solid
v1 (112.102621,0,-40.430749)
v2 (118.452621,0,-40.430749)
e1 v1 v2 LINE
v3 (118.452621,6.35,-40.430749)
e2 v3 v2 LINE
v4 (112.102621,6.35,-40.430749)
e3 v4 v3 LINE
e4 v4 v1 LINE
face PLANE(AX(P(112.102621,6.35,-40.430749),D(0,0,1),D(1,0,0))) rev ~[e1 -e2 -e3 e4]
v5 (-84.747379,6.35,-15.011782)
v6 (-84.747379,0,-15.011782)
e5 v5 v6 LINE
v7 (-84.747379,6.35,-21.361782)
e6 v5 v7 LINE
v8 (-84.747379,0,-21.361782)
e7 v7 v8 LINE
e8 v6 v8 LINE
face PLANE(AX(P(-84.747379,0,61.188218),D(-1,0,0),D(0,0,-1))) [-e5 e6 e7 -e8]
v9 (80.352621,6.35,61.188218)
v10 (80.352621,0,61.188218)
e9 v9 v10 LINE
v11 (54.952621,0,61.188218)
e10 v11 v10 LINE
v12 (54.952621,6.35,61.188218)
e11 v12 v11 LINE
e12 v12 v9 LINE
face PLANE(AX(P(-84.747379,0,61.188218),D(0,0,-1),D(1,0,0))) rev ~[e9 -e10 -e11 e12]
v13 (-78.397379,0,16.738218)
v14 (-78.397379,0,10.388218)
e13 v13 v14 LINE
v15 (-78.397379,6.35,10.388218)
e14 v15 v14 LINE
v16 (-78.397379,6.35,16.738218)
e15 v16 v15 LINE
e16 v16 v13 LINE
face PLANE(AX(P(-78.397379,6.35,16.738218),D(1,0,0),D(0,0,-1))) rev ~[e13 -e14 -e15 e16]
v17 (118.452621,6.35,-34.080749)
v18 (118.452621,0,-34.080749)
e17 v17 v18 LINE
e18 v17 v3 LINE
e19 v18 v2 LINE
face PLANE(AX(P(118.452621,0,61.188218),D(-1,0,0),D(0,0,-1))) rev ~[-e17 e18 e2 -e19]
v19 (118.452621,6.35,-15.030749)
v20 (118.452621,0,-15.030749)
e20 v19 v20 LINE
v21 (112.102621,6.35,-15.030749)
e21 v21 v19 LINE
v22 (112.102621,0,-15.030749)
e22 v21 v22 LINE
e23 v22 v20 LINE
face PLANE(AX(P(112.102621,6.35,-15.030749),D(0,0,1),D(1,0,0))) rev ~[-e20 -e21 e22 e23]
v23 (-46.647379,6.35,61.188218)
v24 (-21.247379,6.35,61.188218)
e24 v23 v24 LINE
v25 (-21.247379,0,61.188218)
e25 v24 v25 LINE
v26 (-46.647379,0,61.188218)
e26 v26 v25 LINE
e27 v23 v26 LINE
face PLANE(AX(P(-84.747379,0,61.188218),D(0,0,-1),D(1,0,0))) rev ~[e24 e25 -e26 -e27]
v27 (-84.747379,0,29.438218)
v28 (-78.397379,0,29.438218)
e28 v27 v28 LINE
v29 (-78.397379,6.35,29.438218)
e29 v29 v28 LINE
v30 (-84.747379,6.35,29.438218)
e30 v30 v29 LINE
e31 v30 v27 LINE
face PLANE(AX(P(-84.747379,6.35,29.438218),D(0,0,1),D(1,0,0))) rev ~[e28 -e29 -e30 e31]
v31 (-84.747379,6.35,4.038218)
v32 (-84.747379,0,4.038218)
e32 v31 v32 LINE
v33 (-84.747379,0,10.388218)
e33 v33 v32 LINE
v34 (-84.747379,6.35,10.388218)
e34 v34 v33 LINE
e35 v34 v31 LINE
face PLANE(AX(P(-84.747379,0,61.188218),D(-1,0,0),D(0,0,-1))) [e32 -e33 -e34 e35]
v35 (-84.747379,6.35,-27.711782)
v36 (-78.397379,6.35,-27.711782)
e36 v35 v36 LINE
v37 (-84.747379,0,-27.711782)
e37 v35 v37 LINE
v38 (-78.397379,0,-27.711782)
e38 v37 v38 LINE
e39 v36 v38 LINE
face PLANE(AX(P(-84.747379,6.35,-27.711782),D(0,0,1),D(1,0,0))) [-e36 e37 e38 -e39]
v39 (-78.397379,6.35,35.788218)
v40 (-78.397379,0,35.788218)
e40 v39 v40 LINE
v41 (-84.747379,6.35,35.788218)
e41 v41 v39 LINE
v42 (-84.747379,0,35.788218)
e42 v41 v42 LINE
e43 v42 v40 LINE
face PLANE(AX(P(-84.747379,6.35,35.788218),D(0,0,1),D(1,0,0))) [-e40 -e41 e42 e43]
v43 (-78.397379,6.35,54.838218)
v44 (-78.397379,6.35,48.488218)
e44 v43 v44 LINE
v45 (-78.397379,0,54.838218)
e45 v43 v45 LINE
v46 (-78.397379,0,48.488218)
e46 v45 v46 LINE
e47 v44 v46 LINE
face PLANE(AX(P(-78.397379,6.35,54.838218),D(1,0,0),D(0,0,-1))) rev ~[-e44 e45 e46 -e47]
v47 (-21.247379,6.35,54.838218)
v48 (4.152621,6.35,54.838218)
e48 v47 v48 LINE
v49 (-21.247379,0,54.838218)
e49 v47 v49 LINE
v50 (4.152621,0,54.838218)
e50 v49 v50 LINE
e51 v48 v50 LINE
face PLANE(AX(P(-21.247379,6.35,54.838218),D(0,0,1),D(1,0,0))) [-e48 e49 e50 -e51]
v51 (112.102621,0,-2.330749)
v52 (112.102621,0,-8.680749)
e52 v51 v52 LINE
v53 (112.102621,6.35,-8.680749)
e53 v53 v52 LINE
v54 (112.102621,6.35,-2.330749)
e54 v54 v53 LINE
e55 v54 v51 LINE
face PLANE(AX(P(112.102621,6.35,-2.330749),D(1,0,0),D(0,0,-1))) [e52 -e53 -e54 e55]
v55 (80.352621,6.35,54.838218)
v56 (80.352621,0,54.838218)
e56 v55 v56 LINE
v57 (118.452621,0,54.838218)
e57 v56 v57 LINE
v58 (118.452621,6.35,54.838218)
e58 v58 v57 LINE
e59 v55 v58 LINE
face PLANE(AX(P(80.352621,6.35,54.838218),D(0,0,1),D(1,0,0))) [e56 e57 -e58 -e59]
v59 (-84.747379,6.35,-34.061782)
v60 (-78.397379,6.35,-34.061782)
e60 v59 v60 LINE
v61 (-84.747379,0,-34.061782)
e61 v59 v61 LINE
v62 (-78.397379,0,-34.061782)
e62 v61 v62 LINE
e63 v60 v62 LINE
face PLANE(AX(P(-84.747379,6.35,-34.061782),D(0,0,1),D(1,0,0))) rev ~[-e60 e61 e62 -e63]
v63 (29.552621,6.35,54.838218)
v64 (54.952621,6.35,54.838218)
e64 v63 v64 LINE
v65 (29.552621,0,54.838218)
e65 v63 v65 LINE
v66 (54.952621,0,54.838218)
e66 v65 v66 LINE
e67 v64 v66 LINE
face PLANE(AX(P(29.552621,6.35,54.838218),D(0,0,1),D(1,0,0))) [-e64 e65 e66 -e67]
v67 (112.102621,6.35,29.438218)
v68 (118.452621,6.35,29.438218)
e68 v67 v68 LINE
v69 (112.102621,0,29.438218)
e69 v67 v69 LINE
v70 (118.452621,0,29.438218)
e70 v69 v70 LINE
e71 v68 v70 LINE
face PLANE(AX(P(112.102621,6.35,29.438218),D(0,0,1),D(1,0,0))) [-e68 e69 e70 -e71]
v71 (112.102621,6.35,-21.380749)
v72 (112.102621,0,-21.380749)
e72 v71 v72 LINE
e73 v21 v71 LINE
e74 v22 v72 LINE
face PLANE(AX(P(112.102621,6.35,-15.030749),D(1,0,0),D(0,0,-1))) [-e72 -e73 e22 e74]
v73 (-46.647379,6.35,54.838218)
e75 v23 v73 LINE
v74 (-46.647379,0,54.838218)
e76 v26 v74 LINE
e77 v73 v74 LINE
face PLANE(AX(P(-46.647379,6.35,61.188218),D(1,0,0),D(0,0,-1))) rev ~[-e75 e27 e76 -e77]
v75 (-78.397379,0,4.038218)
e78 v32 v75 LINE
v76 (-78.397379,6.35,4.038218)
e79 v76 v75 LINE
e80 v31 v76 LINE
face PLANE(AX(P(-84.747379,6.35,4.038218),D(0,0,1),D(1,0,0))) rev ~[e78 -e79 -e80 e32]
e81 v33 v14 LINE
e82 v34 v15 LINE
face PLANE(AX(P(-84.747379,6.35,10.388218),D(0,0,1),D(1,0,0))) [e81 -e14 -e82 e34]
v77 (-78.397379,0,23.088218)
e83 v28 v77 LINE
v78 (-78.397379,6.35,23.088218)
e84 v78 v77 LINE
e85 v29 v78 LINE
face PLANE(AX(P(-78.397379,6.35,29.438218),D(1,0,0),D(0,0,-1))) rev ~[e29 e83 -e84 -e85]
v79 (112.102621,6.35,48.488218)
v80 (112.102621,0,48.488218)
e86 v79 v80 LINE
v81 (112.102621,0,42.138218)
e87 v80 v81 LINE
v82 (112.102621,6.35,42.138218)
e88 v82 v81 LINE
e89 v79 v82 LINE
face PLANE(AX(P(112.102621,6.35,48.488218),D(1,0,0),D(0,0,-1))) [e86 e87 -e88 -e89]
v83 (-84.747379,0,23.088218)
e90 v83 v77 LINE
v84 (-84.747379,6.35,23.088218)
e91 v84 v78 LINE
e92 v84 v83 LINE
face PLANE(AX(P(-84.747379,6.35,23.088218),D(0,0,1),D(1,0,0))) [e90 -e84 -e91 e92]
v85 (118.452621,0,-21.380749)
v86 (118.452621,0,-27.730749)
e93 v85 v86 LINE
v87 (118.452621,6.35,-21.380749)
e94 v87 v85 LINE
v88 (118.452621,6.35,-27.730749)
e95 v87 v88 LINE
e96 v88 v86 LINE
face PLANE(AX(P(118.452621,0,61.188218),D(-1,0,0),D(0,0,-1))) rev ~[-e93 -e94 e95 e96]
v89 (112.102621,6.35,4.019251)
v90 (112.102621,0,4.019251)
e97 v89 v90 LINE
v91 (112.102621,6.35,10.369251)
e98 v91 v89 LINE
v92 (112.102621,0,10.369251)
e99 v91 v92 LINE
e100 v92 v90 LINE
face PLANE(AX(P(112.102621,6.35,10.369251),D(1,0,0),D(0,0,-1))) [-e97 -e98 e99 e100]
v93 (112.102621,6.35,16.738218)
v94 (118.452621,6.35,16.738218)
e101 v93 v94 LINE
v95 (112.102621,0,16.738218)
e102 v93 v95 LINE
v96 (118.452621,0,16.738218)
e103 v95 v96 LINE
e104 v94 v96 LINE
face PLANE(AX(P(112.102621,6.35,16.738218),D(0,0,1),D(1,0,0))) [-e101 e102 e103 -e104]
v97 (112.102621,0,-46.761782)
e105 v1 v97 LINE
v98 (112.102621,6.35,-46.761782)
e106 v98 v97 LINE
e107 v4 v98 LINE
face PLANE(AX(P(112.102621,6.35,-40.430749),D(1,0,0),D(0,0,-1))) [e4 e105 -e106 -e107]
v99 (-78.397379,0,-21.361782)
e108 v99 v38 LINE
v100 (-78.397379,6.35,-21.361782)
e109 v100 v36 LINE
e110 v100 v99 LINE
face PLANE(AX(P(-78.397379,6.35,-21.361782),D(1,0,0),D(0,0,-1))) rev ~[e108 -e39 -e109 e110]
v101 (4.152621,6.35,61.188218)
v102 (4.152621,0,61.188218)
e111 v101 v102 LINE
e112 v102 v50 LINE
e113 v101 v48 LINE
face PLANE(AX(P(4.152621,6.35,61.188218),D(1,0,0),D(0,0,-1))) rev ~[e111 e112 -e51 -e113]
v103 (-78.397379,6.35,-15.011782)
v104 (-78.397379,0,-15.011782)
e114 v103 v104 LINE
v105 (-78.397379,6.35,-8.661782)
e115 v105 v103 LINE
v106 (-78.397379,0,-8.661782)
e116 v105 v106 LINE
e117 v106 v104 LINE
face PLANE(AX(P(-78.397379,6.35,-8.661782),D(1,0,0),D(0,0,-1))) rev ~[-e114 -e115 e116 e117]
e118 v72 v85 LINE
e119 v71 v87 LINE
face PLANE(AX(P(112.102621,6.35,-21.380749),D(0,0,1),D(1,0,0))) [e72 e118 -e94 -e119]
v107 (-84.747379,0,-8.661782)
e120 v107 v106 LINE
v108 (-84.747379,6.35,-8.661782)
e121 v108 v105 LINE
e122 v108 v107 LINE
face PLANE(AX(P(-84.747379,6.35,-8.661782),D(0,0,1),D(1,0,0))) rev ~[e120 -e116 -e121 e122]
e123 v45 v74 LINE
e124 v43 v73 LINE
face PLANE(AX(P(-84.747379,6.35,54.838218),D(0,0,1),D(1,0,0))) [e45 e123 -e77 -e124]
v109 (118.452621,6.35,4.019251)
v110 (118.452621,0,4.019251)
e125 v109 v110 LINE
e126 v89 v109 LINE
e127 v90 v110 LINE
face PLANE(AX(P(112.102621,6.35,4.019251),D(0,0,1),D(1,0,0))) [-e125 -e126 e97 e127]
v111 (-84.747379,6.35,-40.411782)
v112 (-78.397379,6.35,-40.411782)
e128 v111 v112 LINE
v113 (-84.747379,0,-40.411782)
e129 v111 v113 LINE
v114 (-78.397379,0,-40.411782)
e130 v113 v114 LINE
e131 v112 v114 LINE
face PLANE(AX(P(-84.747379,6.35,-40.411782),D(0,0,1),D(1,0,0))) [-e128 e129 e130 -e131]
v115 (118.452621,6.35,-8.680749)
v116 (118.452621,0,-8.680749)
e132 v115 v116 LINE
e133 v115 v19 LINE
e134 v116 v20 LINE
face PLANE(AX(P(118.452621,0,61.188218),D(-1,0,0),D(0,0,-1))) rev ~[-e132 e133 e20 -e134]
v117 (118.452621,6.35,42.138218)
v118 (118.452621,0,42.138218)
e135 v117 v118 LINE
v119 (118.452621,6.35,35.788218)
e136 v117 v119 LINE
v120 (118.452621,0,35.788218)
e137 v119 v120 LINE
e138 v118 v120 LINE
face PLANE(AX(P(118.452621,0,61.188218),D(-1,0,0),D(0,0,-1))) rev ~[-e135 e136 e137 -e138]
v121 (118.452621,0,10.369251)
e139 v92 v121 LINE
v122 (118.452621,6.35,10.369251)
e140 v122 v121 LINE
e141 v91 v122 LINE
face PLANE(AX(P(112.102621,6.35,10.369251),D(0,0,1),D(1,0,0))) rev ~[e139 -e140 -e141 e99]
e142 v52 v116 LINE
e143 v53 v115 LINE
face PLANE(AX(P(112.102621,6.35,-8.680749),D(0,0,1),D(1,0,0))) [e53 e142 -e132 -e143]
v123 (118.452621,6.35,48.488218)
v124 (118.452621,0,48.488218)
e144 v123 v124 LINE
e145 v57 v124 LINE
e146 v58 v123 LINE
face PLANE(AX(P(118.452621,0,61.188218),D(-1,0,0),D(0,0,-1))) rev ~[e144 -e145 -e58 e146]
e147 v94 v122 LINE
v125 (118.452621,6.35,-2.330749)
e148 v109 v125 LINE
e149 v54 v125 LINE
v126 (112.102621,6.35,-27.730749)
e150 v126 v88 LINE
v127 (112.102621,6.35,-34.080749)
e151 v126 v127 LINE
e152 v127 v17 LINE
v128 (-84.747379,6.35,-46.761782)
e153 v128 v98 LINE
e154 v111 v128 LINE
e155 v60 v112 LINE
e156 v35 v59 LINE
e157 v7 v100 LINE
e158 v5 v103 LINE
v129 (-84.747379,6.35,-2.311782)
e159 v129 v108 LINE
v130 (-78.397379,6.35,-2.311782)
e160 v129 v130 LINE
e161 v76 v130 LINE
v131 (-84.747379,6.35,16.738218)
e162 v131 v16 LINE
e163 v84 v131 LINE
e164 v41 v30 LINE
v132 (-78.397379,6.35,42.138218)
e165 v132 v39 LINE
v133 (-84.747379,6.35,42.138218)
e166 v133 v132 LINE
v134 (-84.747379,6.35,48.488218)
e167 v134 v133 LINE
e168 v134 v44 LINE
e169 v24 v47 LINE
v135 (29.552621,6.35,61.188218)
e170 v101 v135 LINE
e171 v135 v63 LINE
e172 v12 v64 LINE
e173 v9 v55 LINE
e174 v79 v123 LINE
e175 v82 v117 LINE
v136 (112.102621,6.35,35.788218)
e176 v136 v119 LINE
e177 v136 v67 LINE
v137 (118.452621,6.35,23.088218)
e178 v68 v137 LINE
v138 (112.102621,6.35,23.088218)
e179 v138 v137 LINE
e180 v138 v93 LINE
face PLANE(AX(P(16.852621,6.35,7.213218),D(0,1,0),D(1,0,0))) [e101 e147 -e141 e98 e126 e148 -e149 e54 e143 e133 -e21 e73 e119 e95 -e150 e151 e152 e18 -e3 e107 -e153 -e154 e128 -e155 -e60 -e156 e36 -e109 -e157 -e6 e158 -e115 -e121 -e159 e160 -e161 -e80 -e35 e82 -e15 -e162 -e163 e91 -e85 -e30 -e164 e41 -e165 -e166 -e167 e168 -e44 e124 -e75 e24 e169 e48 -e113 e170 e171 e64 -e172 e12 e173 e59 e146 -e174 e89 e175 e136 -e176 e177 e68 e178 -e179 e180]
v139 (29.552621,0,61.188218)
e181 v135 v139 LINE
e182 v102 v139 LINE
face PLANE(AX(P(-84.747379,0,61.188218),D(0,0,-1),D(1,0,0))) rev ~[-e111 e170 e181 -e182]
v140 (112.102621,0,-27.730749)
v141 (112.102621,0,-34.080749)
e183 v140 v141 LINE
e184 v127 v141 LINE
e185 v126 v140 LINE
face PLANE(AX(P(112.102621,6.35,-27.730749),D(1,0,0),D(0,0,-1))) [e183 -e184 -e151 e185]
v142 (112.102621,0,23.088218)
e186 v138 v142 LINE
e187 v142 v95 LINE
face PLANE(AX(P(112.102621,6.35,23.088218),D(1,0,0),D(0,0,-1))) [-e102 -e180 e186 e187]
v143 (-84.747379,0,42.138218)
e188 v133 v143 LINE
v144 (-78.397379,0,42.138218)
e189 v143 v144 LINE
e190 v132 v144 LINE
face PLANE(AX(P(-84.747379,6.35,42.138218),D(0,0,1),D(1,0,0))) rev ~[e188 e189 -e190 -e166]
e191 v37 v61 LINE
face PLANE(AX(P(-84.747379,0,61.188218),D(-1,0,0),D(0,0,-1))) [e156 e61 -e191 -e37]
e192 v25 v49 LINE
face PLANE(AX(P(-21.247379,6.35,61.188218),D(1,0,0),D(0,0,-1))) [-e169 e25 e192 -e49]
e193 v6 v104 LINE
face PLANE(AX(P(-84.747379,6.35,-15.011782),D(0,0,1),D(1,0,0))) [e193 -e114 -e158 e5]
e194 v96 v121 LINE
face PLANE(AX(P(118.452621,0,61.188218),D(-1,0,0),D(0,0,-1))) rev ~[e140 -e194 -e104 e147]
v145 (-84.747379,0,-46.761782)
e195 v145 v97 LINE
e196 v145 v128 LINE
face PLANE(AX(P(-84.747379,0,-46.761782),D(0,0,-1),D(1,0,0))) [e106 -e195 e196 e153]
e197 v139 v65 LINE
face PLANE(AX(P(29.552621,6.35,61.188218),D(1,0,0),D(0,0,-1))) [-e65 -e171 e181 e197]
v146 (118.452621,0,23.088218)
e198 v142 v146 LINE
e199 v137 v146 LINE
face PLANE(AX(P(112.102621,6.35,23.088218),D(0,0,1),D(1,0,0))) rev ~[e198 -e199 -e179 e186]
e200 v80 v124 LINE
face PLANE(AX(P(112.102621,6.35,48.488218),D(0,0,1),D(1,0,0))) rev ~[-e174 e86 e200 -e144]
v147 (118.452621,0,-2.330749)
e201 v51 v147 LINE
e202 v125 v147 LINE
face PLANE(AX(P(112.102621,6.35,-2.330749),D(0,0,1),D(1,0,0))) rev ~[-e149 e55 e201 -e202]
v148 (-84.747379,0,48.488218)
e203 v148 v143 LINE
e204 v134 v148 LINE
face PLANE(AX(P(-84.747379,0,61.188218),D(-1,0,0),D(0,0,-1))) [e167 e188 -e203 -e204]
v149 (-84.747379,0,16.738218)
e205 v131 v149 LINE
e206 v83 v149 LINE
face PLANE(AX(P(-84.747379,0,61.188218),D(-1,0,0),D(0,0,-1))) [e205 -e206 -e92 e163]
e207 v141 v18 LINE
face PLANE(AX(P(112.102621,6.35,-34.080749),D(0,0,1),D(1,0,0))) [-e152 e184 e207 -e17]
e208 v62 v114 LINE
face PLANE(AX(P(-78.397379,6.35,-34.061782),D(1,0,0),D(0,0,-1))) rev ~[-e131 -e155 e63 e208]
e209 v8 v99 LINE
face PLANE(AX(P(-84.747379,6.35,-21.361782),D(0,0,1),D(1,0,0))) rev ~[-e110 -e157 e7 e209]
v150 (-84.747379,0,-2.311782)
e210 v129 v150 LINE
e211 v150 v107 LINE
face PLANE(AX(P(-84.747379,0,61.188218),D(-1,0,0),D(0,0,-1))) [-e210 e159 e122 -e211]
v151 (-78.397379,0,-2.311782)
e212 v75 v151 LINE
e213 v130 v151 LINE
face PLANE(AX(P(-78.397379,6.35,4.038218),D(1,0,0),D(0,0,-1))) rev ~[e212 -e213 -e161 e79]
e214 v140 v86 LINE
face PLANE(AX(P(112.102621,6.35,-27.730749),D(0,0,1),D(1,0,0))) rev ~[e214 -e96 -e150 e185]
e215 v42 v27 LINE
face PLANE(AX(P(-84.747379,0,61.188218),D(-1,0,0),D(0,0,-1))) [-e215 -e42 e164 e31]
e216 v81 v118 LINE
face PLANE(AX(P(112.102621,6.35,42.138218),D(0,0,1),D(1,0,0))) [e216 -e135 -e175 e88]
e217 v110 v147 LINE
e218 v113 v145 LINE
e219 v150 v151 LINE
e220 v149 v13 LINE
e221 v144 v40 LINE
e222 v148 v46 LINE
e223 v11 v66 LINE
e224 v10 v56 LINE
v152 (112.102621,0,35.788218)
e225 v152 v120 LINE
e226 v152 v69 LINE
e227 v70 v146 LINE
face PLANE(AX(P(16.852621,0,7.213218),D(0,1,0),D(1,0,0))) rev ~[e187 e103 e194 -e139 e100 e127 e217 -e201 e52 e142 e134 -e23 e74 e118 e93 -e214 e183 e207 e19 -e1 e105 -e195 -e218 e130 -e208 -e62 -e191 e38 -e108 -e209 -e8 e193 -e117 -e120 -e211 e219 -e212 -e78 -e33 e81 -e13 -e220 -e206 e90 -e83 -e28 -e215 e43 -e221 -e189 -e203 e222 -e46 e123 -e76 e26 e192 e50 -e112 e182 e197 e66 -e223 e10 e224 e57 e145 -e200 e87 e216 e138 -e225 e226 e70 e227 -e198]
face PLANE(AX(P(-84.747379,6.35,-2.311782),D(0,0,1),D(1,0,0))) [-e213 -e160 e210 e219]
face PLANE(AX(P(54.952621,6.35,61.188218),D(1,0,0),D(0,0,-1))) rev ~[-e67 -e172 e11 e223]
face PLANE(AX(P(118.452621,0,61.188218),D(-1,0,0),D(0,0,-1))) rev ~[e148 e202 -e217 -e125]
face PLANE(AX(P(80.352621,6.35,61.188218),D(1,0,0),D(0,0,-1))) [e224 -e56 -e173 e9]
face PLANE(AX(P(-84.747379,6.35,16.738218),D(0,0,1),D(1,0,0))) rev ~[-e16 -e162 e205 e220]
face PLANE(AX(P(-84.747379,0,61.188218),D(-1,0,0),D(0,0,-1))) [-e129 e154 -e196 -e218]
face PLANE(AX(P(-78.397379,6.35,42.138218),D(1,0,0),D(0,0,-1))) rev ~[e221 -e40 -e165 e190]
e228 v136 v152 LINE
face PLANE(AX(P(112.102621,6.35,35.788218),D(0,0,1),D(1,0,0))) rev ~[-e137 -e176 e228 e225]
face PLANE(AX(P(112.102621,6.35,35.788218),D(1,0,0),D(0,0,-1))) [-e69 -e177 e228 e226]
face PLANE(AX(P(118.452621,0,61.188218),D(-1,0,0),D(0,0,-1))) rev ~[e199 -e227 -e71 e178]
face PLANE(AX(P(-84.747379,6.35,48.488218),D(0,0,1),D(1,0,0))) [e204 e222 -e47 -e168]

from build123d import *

# Parameters (mm, degrees)
SKETCH1_W           = 203.2
SKETCH1_H           = 107.95
BOSS_EXTRUDE1_DEPTH = 6.35
SKETCH2_W           = 38.1
SKETCH2_H           = 6.35
SKETCH2_W_2         = 25.4
CUT_EXTRUDE1_DEPTH  = 7.35
SKETCH3_W           = 6.35
SKETCH3_H           = 6.35
CUT_EXTRUDE2_DEPTH  = 7.35


with BuildPart() as part:
    # Sketch1 → Boss-Extrude1 (new body)
    with BuildSketch(Plane(origin=(0, 0, 0), x_dir=(1, 0, 0), z_dir=(0, 1, 0))):
        with Locations((16.852621149, -7.21321811)):
            Rectangle(SKETCH1_W, SKETCH1_H)
    extrude(amount=BOSS_EXTRUDE1_DEPTH)

    # Sketch2 → Cut-Extrude1 (cut, through all)
    with BuildSketch(Plane(origin=(0, 6.35, 0), x_dir=(1, 0, 0), z_dir=(0, 1, 0))):
        with Locations((99.402621149, -58.01321811)):
            Rectangle(SKETCH2_W, SKETCH2_H)
        with Locations((42.252621149, -58.01321811)):
            Rectangle(SKETCH2_W_2, SKETCH2_H)
        with Locations((-8.547378851, -58.01321811)):
            Rectangle(SKETCH2_W_2, SKETCH2_H)
        with Locations((-65.697378851, -58.01321811)):
            Rectangle(SKETCH2_W, SKETCH2_H)
    extrude(amount=-CUT_EXTRUDE1_DEPTH, mode=Mode.SUBTRACT)

    # Sketch3 → Cut-Extrude2 (cut, through all)
    with BuildSketch(Plane(origin=(0, 6.35, 0), x_dir=(1, 0, 0), z_dir=(0, 1, 0))):
        with Locations((115.277621149, -45.31321811)):
            Rectangle(SKETCH3_W, SKETCH3_H)
        with Locations((115.277621149, -32.61321811)):
            Rectangle(SKETCH3_W, SKETCH3_H)
        with Locations((115.277621149, -19.91321811)):
            Rectangle(SKETCH3_W, SKETCH3_H)
        with Locations((115.277621149, -7.194250827)):
            Rectangle(SKETCH3_W, SKETCH3_H)
        with Locations((115.277621149, 5.505749173)):
            Rectangle(SKETCH3_W, SKETCH3_H)
        with Locations((115.277621149, 18.205749173)):
            Rectangle(SKETCH3_W, SKETCH3_H)
        with Locations((115.277621149, 30.905749173)):
            Rectangle(SKETCH3_W, SKETCH3_H)
        with Locations((115.277621149, 43.605749173)):
            Rectangle(SKETCH3_W, SKETCH3_H)
        with Locations((-81.572378851, -51.66321811)):
            Rectangle(SKETCH3_W, SKETCH3_H)
        with Locations((-81.572378851, -38.96321811)):
            Rectangle(SKETCH3_W, SKETCH3_H)
        with Locations((-81.572378851, -26.26321811)):
            Rectangle(SKETCH3_W, SKETCH3_H)
        with Locations((-81.572378851, -13.56321811)):
            Rectangle(SKETCH3_W, SKETCH3_H)
        with Locations((-81.572378851, -0.86321811)):
            Rectangle(SKETCH3_W, SKETCH3_H)
        with Locations((-81.572378851, 11.83678189)):
            Rectangle(SKETCH3_W, SKETCH3_H)
        with Locations((-81.572378851, 24.53678189)):
            Rectangle(SKETCH3_W, SKETCH3_H)
        with Locations((-81.572378851, 37.23678189)):
            Rectangle(SKETCH3_W, SKETCH3_H)
    extrude(amount=-CUT_EXTRUDE2_DEPTH, mode=Mode.SUBTRACT)


solid = part.part
